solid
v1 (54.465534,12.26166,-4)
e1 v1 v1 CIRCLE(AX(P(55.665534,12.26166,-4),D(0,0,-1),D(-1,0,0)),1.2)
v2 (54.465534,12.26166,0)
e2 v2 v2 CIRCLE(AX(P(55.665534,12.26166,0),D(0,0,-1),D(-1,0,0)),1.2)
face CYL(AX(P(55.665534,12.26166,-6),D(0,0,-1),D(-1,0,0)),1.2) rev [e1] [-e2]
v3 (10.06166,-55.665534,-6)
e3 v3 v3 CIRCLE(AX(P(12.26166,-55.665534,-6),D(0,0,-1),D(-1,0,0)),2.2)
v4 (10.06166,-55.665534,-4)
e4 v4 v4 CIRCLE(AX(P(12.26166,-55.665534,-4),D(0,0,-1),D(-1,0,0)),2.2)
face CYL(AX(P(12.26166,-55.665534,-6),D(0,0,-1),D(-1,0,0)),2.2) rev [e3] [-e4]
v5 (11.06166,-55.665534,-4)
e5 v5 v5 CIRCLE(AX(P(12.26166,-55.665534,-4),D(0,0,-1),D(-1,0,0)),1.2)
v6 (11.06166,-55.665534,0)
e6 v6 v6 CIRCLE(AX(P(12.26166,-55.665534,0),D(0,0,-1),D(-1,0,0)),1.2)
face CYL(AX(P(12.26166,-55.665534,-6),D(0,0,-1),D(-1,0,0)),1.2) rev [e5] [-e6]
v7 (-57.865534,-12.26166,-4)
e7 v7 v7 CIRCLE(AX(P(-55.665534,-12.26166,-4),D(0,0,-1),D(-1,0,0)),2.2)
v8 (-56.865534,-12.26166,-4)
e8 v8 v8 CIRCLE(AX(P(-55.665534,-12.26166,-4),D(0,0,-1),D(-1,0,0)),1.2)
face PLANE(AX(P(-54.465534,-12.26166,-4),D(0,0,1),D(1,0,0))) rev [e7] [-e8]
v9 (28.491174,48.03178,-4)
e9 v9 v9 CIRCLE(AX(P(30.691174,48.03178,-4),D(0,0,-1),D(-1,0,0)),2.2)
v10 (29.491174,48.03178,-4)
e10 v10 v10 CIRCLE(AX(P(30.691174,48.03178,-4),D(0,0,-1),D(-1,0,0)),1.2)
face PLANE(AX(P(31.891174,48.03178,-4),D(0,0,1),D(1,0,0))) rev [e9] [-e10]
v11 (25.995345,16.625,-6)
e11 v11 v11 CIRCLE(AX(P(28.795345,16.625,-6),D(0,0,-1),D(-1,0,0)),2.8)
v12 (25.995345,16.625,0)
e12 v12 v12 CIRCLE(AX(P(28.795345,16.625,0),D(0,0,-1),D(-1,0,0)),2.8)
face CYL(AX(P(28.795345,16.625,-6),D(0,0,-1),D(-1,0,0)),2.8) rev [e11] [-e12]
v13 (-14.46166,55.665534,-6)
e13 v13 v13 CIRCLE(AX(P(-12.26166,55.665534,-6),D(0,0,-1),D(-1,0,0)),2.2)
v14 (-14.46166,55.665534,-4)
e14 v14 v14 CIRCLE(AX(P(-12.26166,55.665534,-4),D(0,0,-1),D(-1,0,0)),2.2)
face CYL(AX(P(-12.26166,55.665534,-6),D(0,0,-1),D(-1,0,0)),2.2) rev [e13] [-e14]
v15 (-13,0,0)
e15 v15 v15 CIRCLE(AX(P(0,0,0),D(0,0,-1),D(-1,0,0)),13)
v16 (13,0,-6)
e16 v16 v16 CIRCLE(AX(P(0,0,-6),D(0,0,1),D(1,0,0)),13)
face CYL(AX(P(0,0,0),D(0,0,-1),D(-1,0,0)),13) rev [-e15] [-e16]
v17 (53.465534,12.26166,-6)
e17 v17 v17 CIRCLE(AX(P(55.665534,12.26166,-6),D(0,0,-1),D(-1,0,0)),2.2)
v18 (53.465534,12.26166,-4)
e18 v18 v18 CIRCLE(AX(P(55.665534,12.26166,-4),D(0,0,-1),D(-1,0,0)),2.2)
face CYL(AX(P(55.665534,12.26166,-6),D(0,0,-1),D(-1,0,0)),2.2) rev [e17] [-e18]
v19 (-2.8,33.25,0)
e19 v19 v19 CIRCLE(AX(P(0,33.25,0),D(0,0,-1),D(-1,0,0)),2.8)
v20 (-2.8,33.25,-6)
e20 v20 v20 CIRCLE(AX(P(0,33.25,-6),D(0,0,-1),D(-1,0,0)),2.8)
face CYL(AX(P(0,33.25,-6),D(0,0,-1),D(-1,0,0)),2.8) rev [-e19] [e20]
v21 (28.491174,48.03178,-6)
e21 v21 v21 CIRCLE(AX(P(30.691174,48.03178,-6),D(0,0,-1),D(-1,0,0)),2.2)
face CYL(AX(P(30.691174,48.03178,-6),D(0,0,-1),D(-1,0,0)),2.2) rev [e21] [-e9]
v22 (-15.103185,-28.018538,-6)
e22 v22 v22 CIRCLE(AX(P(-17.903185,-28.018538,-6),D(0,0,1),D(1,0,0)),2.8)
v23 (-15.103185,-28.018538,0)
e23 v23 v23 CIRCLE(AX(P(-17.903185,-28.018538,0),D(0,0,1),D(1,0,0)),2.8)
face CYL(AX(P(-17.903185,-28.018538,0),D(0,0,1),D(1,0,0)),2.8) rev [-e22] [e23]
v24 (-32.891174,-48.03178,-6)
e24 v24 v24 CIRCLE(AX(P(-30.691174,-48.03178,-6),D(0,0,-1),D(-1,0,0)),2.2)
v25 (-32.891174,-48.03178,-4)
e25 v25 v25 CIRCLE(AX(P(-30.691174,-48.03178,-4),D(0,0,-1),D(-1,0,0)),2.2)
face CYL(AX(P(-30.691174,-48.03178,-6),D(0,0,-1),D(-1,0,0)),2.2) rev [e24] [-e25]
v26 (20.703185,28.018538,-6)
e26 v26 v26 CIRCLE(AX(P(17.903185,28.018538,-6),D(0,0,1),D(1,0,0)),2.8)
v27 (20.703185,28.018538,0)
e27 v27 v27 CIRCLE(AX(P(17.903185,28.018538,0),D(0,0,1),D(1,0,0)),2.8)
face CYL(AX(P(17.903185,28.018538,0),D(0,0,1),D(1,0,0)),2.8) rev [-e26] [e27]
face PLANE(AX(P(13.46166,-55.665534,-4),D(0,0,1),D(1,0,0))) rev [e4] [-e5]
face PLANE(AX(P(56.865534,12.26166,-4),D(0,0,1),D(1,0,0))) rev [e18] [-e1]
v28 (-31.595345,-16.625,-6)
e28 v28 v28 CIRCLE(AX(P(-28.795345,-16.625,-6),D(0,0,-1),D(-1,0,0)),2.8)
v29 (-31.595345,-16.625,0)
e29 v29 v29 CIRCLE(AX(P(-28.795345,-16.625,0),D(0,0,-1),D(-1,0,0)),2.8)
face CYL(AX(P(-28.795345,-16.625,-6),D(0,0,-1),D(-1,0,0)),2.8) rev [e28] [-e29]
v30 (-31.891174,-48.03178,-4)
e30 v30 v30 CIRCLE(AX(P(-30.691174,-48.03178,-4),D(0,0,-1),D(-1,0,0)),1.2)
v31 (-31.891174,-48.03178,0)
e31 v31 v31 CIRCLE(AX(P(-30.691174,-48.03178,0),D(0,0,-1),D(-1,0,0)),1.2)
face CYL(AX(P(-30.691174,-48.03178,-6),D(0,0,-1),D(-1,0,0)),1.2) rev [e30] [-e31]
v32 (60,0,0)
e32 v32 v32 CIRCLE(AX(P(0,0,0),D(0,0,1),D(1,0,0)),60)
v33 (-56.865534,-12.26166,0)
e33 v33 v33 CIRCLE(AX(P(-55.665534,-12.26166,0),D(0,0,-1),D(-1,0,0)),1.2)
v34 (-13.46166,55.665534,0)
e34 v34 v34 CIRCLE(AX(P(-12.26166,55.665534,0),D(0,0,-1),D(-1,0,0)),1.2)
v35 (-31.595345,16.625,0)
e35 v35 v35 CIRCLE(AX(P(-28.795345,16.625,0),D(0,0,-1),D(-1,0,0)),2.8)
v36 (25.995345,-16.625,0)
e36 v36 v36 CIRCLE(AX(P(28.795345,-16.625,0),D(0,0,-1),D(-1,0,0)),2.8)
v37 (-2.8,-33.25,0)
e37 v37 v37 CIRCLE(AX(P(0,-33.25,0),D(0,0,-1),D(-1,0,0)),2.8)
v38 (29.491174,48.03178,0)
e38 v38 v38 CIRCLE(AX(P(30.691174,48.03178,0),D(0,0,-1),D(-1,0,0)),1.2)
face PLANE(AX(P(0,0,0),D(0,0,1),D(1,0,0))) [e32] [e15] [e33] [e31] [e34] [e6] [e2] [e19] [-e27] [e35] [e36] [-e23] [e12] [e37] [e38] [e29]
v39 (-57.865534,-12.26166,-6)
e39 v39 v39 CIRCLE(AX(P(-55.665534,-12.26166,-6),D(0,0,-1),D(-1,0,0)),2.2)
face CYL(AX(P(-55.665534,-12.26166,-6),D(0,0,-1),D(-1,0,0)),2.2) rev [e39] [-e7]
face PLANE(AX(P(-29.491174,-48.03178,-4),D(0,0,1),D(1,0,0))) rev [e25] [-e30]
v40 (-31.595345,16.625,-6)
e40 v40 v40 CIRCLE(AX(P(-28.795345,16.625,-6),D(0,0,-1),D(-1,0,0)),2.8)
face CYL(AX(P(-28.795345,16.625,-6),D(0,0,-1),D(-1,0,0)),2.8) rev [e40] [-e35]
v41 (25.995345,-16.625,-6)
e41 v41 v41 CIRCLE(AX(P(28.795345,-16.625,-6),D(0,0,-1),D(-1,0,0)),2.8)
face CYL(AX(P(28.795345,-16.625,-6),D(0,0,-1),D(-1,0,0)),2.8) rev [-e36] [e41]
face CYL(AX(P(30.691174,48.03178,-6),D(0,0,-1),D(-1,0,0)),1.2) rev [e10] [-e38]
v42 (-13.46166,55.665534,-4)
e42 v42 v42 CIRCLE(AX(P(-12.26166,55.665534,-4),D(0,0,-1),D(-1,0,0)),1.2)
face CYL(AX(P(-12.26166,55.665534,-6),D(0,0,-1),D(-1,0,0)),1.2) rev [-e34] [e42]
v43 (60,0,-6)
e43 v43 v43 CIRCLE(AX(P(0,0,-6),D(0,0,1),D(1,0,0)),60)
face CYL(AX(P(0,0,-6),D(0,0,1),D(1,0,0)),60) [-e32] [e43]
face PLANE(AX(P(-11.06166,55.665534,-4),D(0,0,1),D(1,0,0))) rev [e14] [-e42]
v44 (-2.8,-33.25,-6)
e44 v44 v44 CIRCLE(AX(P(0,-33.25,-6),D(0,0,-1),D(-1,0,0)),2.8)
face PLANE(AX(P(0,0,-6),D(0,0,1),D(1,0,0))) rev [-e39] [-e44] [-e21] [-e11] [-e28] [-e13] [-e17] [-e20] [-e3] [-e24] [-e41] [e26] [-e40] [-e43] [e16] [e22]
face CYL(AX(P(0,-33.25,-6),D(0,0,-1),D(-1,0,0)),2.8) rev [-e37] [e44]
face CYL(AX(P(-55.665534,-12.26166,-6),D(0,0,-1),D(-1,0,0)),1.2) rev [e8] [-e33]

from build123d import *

# Parameters (mm, degrees)
SKETCH1_R                      = 60
BOSS_EXTRUDE1_DEPTH            = 6
CUT_EXTRUDE1_DEPTH             = 86.064681273
CUT_EXTRUDE1_DEPTH_BACK        = 86.064681273
SKETCH2_R                      = 13
F_4_0MM_DOWEL_HOLE1_D          = 5.6
F_1_0MM_DOWEL_HOLE1_D          = 5.6
CBORE_FOR_M2_SHCS3_D           = 2.4
CBORE_FOR_M2_SHCS3_CBORE_D     = 4.4
CBORE_FOR_M2_SHCS3_CBORE_DEPTH = 2


with BuildPart() as part:
    # Sketch1 → Boss-Extrude1 (new body)
    with BuildSketch(Plane.XY):
        Circle(SKETCH1_R)
    extrude(amount=-BOSS_EXTRUDE1_DEPTH)

    # Sketch2 → Cut-Extrude1 (cut, two sides: drawn at the far end of the back side and taken through both)
    with BuildSketch(Plane(origin=(0, 0, -6), x_dir=(-1, 0, 0), z_dir=(0, 0, -1)).offset(-CUT_EXTRUDE1_DEPTH_BACK)):
        Circle(SKETCH2_R)
    extrude(amount=CUT_EXTRUDE1_DEPTH + CUT_EXTRUDE1_DEPTH_BACK, mode=Mode.SUBTRACT)

    # Ø4.0mm Dowel Hole1 (through all)
    with Locations(Plane(origin=(0, 0, -6), x_dir=(-1, 0, 0), z_dir=(0, 0, -1))):
        with Locations((0, 0), (0, -33.25), (-28.795344676, -16.625), (-28.795344676, 16.625), (0, 33.25), (28.795344676, 16.625), (28.795344676, -16.625)):
            Hole(F_4_0MM_DOWEL_HOLE1_D / 2)

    # Ø1.0mm Dowel Hole1 (through all)
    with Locations(Plane.XY):
        with Locations((17.903184603, 28.018538168), (-17.903184603, -28.018538168)):
            Hole(F_1_0MM_DOWEL_HOLE1_D / 2)

    # CBORE for M2 SHCS3 (through all)
    with Locations(Plane(origin=(0, 0, -6), x_dir=(-1, 0, 0), z_dir=(0, 0, -1))):
        with Locations((-55.665534129, 12.261660172), (-30.691173604, 48.031779717), (12.261660172, 55.665534129), (55.665534129, -12.261660172), (30.691173604, -48.031779717), (-12.261660172, -55.665534129)):
            CounterBoreHole(CBORE_FOR_M2_SHCS3_D / 2, CBORE_FOR_M2_SHCS3_CBORE_D / 2, CBORE_FOR_M2_SHCS3_CBORE_DEPTH)


solid = part.part
